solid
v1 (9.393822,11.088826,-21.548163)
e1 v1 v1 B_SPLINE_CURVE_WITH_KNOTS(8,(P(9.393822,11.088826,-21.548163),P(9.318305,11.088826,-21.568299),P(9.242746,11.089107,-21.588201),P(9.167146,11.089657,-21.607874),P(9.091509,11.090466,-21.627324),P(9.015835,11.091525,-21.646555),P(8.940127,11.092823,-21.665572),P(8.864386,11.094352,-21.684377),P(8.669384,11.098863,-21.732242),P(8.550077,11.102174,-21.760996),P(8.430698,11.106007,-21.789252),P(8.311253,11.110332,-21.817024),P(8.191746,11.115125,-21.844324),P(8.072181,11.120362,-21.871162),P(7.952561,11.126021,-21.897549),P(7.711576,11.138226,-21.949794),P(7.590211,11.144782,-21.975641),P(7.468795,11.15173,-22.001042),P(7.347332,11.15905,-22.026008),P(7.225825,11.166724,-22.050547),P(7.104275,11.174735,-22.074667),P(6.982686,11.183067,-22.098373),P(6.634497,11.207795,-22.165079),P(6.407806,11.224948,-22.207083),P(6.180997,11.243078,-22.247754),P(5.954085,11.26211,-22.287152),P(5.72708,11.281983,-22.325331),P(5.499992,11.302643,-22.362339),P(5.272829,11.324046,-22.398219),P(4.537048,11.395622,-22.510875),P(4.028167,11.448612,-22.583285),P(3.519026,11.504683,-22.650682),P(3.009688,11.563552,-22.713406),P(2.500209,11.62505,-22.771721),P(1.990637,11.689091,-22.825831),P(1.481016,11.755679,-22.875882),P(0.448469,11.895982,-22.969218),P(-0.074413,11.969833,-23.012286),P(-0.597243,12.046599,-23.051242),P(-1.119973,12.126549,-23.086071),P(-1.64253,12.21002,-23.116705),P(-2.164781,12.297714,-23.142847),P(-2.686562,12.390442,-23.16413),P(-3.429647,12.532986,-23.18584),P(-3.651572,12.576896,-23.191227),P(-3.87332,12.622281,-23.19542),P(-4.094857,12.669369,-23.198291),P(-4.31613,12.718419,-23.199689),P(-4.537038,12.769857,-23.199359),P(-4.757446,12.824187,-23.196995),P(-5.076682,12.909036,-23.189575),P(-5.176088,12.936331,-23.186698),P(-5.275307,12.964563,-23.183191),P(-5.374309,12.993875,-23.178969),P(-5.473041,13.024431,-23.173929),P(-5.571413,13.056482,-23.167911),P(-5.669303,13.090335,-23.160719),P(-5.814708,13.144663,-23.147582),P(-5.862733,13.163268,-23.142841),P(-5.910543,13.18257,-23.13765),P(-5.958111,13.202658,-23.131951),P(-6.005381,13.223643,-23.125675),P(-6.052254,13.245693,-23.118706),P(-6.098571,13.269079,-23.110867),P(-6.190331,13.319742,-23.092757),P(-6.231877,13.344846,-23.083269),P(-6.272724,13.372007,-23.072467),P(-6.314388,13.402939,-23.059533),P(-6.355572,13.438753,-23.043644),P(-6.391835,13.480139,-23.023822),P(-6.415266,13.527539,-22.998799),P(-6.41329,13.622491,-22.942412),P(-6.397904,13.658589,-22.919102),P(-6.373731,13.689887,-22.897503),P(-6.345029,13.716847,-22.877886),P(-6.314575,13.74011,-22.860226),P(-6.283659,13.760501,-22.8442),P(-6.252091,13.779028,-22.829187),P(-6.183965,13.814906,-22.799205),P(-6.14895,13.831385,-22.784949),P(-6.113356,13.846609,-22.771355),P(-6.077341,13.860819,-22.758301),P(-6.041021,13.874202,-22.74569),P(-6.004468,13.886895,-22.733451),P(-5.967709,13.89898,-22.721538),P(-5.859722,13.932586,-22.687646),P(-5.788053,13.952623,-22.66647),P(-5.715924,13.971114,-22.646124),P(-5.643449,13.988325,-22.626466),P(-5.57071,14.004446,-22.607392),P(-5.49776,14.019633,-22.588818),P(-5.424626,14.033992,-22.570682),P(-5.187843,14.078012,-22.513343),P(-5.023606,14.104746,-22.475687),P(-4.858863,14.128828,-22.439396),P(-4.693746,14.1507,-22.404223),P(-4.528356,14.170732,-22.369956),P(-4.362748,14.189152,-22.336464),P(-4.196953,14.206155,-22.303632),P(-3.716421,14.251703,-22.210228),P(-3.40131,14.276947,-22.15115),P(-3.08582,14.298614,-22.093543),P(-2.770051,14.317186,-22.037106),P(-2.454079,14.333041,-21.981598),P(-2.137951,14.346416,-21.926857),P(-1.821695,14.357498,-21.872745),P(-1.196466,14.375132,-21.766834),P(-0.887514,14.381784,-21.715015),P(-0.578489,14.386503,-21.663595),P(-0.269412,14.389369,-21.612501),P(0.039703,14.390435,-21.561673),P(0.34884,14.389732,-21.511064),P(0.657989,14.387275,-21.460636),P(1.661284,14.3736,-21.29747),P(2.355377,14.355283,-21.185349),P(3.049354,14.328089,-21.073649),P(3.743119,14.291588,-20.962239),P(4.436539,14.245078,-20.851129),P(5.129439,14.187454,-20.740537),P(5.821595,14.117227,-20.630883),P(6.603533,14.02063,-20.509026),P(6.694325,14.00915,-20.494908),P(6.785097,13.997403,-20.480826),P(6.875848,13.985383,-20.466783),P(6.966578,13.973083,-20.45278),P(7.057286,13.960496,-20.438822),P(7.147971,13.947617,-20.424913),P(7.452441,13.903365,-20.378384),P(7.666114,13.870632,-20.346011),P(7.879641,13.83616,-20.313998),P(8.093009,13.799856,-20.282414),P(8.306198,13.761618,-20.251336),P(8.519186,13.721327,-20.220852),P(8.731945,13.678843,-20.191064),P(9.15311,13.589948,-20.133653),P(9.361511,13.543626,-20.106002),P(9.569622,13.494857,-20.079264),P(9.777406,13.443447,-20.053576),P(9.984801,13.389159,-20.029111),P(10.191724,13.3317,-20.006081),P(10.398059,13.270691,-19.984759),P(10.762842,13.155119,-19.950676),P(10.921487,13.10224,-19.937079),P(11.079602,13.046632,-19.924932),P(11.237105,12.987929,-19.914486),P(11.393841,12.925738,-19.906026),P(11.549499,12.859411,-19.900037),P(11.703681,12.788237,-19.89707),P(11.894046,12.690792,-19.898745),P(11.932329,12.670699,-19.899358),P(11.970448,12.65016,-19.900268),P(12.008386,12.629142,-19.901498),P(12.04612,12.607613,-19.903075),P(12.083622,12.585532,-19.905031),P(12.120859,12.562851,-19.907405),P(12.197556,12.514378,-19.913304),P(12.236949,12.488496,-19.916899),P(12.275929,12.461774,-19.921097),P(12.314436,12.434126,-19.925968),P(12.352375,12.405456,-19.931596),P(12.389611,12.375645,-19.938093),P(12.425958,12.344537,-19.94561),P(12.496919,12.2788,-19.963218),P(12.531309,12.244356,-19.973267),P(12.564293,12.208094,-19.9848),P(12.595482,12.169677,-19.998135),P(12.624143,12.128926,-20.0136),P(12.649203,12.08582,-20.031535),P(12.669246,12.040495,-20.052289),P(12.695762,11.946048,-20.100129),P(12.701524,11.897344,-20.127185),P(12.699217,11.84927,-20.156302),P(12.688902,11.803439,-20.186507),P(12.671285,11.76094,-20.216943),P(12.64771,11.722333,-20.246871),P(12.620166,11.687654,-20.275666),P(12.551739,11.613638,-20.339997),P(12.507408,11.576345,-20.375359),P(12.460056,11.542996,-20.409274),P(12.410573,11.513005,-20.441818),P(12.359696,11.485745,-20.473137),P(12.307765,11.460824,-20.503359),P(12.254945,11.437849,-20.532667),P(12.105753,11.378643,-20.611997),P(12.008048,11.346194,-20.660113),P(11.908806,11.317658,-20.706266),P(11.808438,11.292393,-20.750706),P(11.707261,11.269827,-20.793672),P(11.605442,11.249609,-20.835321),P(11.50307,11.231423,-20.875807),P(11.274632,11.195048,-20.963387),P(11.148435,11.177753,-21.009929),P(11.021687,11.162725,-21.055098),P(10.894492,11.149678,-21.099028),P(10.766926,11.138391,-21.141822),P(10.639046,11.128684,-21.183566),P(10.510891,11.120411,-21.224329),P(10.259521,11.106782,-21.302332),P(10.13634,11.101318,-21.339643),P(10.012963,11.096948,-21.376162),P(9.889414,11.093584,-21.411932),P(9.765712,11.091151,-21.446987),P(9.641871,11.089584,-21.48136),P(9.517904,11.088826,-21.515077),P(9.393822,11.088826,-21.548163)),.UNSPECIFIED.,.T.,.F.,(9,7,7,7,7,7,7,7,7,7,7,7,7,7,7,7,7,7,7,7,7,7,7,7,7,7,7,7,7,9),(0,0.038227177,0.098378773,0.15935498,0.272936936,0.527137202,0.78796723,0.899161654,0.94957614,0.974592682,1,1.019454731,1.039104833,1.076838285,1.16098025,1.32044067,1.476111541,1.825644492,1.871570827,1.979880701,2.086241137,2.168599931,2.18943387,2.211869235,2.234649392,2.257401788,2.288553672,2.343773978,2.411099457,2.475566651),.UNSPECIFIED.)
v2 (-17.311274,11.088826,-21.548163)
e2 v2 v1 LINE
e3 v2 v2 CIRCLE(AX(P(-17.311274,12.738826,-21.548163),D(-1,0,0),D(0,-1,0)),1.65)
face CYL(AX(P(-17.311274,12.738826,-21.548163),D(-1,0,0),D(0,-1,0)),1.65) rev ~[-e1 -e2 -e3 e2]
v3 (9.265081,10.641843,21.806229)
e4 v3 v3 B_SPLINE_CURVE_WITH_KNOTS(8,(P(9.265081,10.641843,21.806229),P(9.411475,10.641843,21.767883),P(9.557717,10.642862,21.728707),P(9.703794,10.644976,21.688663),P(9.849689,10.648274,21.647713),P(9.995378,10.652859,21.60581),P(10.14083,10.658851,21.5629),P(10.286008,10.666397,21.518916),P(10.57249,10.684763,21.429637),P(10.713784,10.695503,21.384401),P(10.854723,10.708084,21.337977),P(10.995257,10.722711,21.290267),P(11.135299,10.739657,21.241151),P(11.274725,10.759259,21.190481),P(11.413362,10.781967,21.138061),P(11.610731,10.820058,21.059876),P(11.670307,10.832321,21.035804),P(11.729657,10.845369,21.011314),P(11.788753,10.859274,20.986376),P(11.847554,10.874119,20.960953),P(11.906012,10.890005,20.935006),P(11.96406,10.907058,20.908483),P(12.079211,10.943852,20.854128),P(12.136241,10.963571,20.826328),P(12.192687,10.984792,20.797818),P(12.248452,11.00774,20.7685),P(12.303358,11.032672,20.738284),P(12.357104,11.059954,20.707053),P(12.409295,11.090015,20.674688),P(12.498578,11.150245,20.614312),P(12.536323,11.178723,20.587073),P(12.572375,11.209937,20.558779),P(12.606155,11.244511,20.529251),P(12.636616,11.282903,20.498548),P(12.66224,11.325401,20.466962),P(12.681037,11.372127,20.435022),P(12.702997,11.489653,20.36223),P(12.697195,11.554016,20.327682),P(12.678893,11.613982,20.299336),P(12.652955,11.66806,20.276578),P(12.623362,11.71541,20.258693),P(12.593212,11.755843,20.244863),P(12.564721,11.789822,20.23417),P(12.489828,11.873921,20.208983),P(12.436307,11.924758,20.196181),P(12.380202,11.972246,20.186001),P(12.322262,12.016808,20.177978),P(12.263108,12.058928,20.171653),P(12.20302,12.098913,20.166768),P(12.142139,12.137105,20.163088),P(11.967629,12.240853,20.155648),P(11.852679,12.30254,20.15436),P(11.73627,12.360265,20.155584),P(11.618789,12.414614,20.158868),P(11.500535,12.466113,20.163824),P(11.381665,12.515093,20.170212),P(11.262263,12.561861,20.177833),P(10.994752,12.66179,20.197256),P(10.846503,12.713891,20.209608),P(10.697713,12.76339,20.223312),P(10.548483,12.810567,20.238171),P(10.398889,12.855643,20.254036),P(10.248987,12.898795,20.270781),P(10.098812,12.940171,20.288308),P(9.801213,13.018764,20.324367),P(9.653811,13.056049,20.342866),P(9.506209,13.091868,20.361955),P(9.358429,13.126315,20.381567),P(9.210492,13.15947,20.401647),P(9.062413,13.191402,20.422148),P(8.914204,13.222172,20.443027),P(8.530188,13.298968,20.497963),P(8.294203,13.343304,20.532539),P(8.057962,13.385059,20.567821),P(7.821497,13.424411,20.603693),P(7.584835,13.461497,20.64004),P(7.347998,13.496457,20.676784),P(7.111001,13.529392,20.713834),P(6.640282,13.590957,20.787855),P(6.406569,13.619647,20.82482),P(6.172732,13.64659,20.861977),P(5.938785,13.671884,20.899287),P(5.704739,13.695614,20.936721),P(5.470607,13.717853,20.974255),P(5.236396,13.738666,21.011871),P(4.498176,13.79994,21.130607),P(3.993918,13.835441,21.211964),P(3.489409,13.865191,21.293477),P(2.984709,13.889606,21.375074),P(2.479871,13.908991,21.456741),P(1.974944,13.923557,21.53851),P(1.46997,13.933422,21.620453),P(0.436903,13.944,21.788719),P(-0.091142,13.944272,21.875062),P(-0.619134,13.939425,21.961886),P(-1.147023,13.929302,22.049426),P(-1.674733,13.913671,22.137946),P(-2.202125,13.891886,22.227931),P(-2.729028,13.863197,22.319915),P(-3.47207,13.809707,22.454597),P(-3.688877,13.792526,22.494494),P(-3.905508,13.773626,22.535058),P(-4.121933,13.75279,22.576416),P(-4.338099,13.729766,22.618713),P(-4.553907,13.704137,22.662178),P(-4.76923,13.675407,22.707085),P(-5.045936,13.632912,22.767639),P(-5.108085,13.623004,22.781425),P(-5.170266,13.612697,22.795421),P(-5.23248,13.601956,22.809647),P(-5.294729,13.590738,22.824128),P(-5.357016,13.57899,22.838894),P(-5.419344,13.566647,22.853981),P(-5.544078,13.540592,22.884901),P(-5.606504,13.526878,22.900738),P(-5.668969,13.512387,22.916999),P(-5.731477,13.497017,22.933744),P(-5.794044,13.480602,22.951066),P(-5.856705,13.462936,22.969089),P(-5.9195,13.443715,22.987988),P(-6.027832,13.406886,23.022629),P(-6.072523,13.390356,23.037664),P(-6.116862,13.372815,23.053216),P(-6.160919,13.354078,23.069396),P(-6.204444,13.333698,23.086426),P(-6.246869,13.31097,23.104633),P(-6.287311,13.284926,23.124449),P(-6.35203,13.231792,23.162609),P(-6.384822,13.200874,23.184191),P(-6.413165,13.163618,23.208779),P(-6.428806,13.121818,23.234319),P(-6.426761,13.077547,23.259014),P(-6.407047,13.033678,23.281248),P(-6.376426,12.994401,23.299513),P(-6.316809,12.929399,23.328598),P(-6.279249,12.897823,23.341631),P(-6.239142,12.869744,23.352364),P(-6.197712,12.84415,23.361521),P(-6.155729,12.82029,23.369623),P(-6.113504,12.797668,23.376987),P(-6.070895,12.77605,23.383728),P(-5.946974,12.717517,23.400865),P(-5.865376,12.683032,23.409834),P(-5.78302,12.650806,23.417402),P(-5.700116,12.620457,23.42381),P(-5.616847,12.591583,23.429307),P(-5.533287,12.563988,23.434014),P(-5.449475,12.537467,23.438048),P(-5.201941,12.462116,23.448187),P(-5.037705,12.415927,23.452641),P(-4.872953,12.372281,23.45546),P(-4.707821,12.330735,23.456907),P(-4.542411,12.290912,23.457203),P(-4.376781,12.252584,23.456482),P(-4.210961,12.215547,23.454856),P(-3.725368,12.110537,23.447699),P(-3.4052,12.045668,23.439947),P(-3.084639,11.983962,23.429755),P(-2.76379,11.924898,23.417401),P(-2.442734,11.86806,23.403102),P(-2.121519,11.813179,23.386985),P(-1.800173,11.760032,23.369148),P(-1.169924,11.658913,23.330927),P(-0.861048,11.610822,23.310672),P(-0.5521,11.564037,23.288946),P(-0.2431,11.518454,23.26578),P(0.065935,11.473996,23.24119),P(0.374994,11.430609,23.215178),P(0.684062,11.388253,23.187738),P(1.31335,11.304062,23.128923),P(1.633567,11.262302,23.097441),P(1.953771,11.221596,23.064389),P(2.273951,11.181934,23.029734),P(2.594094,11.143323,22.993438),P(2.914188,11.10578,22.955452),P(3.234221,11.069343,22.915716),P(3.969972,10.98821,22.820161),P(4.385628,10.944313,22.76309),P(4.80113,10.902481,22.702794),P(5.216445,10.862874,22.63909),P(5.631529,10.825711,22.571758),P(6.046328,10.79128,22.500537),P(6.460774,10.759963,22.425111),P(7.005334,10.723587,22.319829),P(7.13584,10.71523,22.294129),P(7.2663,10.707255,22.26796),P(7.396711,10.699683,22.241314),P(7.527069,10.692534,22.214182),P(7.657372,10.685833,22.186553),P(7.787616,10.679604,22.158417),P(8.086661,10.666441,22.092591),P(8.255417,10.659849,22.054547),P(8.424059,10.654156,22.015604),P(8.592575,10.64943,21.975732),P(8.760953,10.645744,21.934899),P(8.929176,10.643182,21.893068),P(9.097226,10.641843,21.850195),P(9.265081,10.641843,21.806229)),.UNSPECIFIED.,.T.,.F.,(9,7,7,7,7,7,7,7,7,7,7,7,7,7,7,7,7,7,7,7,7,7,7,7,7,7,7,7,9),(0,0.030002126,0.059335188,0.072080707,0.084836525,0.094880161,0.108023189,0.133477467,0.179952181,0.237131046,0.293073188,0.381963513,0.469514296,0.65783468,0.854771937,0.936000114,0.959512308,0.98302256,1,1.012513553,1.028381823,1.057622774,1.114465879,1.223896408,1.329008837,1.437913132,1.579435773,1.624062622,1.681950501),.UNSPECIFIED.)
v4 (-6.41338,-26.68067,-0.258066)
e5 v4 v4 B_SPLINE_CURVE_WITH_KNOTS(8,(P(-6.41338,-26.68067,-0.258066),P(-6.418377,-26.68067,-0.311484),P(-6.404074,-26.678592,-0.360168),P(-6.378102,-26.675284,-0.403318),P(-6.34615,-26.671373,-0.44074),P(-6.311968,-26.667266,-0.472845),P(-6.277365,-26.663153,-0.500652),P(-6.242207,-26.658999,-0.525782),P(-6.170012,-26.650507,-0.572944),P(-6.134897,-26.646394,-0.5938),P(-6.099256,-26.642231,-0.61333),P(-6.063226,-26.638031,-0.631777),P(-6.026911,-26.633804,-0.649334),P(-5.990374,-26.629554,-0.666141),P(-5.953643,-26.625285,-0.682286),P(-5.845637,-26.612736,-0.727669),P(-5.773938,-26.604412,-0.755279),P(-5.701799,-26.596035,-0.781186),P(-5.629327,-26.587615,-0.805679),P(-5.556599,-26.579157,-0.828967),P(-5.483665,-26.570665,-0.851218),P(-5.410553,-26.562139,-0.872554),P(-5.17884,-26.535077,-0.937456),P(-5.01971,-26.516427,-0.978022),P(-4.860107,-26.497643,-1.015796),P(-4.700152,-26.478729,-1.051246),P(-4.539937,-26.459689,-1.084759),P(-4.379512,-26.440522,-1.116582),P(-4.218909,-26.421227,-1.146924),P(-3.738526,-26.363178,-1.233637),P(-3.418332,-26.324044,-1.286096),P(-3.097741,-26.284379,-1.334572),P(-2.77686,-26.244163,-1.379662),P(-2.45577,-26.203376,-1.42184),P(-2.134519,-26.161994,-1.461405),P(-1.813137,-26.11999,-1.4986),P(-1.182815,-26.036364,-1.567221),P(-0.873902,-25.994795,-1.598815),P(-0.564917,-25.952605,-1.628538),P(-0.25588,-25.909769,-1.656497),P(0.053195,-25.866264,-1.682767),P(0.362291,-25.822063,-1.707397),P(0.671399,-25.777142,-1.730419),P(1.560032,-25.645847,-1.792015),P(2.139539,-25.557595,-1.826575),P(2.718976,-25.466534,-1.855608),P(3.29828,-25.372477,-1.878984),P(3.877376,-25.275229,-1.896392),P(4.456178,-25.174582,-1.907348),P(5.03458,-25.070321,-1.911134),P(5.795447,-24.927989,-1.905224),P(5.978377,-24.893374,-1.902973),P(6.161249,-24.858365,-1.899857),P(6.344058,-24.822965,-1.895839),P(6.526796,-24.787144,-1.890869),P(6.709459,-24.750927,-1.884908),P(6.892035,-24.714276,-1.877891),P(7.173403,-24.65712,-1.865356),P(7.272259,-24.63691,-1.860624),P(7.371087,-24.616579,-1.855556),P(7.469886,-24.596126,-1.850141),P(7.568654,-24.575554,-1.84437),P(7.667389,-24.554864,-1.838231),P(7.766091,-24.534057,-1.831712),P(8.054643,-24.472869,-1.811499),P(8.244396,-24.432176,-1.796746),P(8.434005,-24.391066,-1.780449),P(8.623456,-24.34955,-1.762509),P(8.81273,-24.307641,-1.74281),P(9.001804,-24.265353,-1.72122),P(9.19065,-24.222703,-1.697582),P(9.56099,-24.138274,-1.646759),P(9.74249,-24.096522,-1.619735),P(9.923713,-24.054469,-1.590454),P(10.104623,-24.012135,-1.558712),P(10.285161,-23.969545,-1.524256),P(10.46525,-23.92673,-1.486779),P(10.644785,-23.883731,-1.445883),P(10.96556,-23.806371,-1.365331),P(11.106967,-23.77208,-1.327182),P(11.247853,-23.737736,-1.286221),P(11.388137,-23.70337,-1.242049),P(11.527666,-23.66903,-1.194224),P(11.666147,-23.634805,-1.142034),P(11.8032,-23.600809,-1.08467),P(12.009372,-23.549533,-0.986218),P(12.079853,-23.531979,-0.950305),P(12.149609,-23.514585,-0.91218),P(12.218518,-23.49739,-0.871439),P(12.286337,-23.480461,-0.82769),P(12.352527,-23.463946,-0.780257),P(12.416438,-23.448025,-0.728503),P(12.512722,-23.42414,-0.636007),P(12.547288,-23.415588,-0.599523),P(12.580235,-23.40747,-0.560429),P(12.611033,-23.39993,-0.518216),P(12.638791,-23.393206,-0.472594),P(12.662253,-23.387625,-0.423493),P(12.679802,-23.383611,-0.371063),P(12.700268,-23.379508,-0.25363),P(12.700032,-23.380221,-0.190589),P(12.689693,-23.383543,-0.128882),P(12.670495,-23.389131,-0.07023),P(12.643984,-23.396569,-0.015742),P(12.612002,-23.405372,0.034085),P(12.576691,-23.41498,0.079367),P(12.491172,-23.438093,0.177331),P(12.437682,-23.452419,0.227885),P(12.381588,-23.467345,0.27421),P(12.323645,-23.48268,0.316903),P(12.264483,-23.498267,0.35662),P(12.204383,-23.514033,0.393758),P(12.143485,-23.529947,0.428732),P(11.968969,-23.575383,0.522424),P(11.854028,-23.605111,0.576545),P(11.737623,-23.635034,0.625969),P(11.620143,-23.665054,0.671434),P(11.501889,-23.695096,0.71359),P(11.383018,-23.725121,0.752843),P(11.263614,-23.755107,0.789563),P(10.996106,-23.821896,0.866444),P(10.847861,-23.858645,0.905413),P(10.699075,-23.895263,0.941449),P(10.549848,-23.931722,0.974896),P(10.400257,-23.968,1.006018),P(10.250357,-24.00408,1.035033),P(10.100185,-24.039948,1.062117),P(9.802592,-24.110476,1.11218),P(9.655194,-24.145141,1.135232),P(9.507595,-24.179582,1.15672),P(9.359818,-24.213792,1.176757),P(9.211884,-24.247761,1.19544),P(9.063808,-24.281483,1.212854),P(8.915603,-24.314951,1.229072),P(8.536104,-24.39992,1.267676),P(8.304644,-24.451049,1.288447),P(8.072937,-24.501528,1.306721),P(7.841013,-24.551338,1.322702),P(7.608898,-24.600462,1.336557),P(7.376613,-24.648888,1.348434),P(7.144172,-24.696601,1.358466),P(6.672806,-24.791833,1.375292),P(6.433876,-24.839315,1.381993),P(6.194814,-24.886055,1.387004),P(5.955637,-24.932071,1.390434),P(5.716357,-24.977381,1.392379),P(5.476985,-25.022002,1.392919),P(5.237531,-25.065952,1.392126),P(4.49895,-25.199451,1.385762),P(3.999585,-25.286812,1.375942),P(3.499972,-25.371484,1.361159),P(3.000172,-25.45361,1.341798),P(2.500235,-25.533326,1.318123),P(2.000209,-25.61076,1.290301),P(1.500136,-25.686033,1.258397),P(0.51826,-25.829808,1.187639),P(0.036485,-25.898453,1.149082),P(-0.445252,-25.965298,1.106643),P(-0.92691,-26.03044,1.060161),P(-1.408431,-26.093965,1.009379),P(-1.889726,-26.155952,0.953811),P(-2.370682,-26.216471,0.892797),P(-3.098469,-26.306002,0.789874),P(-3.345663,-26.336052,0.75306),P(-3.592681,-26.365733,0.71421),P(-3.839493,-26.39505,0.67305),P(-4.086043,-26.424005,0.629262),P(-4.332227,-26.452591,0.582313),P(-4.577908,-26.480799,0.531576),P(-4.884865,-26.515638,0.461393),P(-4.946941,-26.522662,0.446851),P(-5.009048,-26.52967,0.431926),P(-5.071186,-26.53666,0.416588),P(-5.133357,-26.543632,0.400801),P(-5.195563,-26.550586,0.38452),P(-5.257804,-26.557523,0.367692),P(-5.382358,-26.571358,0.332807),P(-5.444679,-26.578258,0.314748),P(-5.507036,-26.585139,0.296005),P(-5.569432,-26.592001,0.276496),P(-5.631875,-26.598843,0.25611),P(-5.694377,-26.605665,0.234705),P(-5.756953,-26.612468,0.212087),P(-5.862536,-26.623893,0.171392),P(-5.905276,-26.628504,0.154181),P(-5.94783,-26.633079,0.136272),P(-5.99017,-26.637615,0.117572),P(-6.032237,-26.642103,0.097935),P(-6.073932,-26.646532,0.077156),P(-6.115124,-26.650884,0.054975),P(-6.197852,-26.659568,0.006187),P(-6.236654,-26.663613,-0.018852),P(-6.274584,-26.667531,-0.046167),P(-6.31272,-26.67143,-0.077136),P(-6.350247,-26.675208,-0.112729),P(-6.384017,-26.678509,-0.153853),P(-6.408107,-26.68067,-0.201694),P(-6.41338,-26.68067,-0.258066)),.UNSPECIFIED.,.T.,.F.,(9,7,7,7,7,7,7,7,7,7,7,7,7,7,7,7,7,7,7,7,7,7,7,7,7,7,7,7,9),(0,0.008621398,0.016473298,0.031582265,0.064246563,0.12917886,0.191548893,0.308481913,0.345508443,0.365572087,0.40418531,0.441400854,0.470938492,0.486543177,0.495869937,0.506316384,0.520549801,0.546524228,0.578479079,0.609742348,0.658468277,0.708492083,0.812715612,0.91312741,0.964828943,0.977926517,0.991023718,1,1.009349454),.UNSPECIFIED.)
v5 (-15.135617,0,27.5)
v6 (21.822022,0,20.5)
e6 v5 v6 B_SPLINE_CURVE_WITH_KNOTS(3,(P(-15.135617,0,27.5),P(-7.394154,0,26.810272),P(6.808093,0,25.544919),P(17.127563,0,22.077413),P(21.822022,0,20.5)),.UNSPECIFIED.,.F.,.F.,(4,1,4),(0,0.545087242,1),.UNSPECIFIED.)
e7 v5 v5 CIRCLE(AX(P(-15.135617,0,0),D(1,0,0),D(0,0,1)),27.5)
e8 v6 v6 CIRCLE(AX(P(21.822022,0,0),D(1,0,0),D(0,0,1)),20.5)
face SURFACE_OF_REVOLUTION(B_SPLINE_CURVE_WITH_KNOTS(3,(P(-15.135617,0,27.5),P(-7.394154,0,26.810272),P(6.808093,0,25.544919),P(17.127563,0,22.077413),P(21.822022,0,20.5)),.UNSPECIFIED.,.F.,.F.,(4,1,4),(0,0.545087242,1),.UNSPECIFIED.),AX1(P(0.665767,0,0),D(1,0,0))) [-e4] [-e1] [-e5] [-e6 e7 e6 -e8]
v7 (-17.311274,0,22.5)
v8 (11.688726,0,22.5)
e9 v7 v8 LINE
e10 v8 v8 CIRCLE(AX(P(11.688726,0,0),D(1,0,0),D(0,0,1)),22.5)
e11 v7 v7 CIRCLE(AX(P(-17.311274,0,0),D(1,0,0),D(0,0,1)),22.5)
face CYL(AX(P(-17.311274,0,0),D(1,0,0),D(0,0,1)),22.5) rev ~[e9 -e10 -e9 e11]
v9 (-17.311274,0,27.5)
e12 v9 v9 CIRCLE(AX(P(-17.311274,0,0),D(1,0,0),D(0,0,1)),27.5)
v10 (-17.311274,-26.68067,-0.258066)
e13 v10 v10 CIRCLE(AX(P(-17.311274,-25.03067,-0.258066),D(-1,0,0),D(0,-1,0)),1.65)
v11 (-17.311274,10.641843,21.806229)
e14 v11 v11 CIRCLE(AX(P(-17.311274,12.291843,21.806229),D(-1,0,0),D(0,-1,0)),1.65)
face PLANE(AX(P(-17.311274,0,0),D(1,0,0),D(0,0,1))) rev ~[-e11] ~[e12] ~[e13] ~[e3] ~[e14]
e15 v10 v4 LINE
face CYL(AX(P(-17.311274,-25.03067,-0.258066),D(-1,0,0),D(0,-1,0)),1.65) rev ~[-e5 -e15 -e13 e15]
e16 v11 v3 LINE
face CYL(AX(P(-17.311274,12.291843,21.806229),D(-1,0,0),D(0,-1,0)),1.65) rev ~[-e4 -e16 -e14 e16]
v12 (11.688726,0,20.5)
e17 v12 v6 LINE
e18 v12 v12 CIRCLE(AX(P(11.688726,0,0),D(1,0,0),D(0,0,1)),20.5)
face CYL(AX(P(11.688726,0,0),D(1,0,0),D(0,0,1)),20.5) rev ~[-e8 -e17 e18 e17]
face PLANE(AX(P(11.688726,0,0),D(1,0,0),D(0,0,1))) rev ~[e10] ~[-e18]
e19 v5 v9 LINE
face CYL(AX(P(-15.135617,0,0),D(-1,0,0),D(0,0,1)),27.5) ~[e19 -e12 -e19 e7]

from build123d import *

# Parameters (mm, degrees)
F2_R     = 1.65
F3_DEPTH = 40


with BuildPart() as f1:
    # F0 (on Front) → F1 (revolve)
    with BuildSketch(Plane.XZ):
        with BuildLine():
            Line((-17.3112737751, 27.5), (-17.3112737751, 22.5))
            Line((-17.3112737751, 22.5), (11.6887262249, 22.5))
            Line((11.6887262249, 22.5), (11.6887262249, 20.5))
            Line((11.6887262249, 20.5), (21.8220222741, 20.5))
            add(Edge.make_bspline(
                [(-15.1356169954, 27.5), (-7.3941535839, 26.8102722839), (6.8080929791, 25.544919396), (17.1275634862, 22.0774129295), (21.8220222741, 20.5)],
                knots=[0, 0, 0, 0, 0.5450872422, 1, 1, 1, 1], degree=3))
            Line((-15.1356169954, 27.5), (-17.3112737751, 27.5))
        make_face()
    revolve(axis=Axis((0.6657668818, 0, 0), (1, 0, 0)))

    # F2 (on face) → F3 (cut)
    with BuildSketch(Plane(origin=(-17.3112737751, 0, 0), x_dir=(0, -1, 0), z_dir=(-1, 0, 0))):
        with Locations((-12.2918434958, 21.8062286394)):
            Circle(F2_R)
        with Locations((-12.7388262146, -21.5481630464)):
            Circle(F2_R)
        with Locations((25.0306697104, -0.258065593)):
            Circle(F2_R)
    extrude(amount=-F3_DEPTH, mode=Mode.SUBTRACT)


solid = f1.part
